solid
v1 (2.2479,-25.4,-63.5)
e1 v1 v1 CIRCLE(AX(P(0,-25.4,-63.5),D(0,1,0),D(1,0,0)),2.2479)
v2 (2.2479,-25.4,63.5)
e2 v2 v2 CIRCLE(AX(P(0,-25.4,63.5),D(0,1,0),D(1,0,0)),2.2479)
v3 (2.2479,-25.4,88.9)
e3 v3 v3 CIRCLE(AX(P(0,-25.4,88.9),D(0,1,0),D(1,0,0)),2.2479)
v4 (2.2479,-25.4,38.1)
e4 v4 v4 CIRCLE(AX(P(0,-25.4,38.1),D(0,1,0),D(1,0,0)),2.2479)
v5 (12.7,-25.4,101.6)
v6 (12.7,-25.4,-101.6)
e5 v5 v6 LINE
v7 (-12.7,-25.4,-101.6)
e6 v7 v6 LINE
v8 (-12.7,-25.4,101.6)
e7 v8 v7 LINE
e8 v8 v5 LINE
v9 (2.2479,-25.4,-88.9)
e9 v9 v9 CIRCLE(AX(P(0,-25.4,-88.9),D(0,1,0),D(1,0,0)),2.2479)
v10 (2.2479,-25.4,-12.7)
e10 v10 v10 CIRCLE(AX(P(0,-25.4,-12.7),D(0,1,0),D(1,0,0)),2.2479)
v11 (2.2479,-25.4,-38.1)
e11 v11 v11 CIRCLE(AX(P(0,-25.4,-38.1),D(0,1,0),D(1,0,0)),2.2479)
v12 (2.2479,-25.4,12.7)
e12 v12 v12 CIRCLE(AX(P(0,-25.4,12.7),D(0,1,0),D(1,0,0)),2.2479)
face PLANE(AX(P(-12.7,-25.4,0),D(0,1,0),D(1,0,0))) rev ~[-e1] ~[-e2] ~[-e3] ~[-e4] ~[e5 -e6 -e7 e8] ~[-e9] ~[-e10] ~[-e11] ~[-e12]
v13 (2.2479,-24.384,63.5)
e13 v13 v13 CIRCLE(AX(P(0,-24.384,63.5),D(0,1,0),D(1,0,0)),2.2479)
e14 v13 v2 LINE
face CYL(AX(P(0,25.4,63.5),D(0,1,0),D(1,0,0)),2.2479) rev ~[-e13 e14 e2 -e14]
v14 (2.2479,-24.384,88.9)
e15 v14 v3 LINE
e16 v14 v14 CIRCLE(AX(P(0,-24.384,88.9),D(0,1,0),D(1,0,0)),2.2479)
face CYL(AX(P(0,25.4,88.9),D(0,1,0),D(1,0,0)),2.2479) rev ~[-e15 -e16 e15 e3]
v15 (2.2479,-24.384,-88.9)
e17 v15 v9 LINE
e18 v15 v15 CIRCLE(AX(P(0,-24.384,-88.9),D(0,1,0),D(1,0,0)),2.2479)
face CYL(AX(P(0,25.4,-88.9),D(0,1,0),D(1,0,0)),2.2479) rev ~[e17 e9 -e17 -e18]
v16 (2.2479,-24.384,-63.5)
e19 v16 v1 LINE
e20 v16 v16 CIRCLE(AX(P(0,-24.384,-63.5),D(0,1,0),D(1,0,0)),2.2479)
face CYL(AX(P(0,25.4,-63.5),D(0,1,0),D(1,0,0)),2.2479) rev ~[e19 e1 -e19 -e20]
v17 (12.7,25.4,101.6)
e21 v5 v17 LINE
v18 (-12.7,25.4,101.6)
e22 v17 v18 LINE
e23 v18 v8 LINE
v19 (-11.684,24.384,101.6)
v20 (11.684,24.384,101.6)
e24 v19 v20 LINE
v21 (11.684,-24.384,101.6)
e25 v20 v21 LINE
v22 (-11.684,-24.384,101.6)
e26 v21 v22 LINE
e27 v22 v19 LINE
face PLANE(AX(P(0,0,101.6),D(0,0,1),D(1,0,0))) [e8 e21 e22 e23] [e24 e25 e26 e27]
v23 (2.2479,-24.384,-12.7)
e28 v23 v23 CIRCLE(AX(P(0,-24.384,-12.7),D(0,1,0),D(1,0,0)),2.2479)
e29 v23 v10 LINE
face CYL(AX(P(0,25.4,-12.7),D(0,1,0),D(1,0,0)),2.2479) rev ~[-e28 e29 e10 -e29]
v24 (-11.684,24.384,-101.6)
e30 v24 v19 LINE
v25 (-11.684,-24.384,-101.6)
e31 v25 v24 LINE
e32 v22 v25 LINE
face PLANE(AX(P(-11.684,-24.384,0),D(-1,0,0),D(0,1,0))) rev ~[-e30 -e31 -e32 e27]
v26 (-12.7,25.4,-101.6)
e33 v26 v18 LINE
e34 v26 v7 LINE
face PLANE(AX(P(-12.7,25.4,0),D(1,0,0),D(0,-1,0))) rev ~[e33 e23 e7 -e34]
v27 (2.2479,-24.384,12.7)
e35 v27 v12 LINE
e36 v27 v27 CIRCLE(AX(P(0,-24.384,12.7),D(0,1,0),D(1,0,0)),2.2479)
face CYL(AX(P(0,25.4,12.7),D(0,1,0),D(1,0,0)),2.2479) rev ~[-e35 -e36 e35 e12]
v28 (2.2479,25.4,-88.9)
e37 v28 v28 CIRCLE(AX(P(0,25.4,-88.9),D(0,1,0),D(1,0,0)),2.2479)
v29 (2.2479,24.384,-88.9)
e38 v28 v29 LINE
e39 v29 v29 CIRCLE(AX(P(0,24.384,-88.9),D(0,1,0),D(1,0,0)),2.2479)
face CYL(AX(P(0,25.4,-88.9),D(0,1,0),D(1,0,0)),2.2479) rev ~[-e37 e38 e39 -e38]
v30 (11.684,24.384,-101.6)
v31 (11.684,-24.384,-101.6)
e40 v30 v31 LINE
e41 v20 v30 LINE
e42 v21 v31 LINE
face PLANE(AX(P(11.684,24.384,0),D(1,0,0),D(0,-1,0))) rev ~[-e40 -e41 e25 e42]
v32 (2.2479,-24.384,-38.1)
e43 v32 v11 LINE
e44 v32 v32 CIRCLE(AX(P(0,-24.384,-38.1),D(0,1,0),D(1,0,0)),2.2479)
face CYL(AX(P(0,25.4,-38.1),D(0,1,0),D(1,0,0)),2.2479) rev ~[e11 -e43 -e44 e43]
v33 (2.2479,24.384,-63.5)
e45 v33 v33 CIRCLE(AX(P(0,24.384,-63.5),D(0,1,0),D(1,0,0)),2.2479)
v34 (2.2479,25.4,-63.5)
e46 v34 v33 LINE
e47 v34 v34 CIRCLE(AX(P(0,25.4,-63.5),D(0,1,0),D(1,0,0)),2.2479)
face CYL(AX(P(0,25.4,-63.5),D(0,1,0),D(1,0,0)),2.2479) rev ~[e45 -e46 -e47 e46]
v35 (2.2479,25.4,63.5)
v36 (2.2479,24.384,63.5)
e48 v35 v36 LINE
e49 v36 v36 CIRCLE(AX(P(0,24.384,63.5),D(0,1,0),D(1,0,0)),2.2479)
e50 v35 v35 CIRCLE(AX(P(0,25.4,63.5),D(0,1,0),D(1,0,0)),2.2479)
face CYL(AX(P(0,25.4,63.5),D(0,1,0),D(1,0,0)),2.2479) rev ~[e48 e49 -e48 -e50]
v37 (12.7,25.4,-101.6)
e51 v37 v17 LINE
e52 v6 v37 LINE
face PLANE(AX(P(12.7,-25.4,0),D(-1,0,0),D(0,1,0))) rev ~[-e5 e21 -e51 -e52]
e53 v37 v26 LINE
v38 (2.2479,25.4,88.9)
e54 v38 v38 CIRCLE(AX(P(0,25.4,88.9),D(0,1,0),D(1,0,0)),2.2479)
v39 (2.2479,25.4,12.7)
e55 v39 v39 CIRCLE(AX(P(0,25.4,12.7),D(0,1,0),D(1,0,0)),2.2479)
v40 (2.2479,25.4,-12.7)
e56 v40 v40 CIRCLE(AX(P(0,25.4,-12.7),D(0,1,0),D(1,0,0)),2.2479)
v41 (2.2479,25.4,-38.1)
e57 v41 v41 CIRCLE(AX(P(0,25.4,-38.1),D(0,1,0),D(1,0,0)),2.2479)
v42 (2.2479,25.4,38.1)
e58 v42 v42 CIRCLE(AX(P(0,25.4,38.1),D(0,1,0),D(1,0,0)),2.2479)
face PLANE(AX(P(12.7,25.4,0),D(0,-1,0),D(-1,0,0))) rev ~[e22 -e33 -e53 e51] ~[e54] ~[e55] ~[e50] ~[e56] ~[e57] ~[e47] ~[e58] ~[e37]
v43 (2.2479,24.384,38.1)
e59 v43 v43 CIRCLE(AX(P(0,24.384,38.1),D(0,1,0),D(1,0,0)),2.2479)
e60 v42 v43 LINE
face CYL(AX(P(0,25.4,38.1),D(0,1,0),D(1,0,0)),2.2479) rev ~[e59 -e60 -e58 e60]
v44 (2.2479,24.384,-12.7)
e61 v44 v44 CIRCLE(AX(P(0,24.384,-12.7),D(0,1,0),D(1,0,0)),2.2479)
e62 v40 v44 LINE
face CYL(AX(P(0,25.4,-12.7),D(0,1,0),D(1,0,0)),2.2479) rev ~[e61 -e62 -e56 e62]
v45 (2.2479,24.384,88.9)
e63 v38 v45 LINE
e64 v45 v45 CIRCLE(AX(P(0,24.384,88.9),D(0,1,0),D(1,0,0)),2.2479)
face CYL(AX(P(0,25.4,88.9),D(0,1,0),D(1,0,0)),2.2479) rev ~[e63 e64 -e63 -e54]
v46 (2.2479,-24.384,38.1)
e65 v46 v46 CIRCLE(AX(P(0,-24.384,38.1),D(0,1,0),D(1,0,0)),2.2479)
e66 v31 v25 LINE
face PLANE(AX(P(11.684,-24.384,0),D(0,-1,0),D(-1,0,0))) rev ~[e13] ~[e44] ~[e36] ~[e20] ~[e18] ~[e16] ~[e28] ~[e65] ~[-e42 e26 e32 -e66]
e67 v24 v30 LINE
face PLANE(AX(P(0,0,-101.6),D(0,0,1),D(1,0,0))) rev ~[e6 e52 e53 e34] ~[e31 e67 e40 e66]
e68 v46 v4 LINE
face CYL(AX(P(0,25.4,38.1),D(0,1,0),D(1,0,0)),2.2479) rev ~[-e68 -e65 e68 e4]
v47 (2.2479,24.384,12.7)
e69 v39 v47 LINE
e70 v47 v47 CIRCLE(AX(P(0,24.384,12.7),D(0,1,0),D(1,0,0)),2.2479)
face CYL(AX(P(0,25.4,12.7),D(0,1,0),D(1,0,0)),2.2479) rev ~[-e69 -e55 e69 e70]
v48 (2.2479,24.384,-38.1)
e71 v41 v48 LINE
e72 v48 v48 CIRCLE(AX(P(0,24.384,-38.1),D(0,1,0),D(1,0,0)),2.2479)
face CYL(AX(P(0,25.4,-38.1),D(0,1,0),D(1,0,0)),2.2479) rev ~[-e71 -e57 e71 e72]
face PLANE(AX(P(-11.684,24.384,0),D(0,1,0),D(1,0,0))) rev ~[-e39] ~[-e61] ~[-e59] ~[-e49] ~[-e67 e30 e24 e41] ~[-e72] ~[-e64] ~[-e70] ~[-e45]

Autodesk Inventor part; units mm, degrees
ref_plane "YZ Plane" through (0, 0, 0) normal (1, 0, 0) x (0, 1, 0)
ref_plane "XZ Plane" through (0, 0, 0) normal (0, 1, 0) x (-1, 0, 0)
ref_plane "XY Plane" through (0, 0, 0) normal (0, 0, 1) x (1, 0, 0)
sketch "Sketch1" plane through (0, 0, 0) normal (0, 0, 1) x (1, 0, 0)
  line L0 (12.7, 25.4) -> (-12.7, 25.4)
  line L1 (-12.7, 25.4) -> (-12.7, -25.4)
  line L2 (-12.7, -25.4) -> (12.7, -25.4)
  line L3 (12.7, -25.4) -> (12.7, 25.4)
  line L4 (12.7, 25.4) -> (-12.7, -25.4) construction
  line L5 (-12.7, 25.4) -> (12.7, -25.4) construction
  line L6 (-11.684, 24.384) -> (11.684, 24.384)
  line L7 (11.684, 24.384) -> (11.684, -24.384)
  line L8 (11.684, -24.384) -> (-11.684, -24.384)
  line L9 (-11.684, -24.384) -> (-11.684, 24.384)
  point P0 (0, 0)
  dimension "d0" = 1.016
  dimension "d1" = 50.8
  dimension "d2" = 25.4
extrude "Tube Length" add sketch "Sketch1" along normal mid plane 203.2
sketch "Sketch2" plane through (-12.7, 25.4, 101.6) normal (0, 1, 0) x (1, 0, 0)
  line L0 (0, 0) -> (0, 203.2) projected
  line L1 (25.4, 0) -> (0, 0) projected
  line L2 (25.4, 203.2) -> (25.4, 0) projected
  line L3 (0, 203.2) -> (25.4, 203.2) projected
  line L4 (25.4, 0) -> (0, 0) projected
  line L5 (12.7, 0) -> (12.7, 12.7) construction
  circle A0 centre (12.7, 12.7) radius 2.2479
  point P0 (12.7, 101.6)
  dimension "d5" = 12.7
  dimension "d6" = 4.4958
extrude "Top Hole" cut sketch "Sketch2" against normal through all contours A0
pattern_linear "Rectangular Pattern1" count 8 spacing 25.4 along (0, 0, -1) of "Top Hole"
sketch "Sketch3" plane through (0, 0, 101.6) normal (0, 0, 1) x (1, 0, 0)
  line L0 (0, 0) -> (0, 25.4) construction
  line L1 (12.7, 25.4) -> (-12.7, 25.4) projected
  line L2 (-0.0508, 25.4) -> (0, 25.2984)
  line L3 (0.0508, 25.4) -> (0, 25.2984)
  line L4 (-12.7, 12.6492) -> (-12.5984, 12.7)
  line L5 (-12.7, 12.7508) -> (-12.5984, 12.7)
  line L6 (-12.7, -0.0508) -> (-12.5984, 0)
  line L7 (-12.7, 0.0508) -> (-12.5984, 0)
  line L8 (-12.7, -12.7508) -> (-12.5984, -12.7)
  line L9 (-12.7, -12.6492) -> (-12.5984, -12.7)
  line L10 (12.7, 0.0508) -> (12.5984, 0)
  line L11 (12.7, 12.6492) -> (12.5984, 12.7)
  line L12 (12.7, 12.7508) -> (12.5984, 12.7)
  line L13 (12.7, -0.0508) -> (12.5984, 0)
  line L14 (12.7, -12.6492) -> (12.5984, -12.7)
  line L15 (12.7, -12.7508) -> (12.5984, -12.7)
  line L16 (0.0508, -25.4) -> (0, -25.2984)
  line L17 (-0.0508, -25.4) -> (0, -25.2984)
  line L18 (-12.7, 25.4) -> (-12.7, -25.4) projected
  line L19 (12.7, -25.4) -> (12.7, 25.4) projected
  line L20 (-12.7, -25.4) -> (12.7, -25.4) projected
  point P0 (0, 12.7)
  point P1 (-12.7, 12.7)
  point P2 (-12.7, 0)
  point P3 (-12.7, -12.7)
  point P4 (12.7, 12.7)
  point P5 (12.7, 0)
  point P6 (12.7, -12.7)
  point P7 (0, -25.4)
  dimension "d12" = 0.1016
  dimension "d13" = 0.1016
  dimension "d16" = 90
  dimension "d20" = 12.7
  dimension "d27" = 360
equation "\"d13\" = d12"
properties part number "Carrage Side Tube" material "Aluminum 6061"
